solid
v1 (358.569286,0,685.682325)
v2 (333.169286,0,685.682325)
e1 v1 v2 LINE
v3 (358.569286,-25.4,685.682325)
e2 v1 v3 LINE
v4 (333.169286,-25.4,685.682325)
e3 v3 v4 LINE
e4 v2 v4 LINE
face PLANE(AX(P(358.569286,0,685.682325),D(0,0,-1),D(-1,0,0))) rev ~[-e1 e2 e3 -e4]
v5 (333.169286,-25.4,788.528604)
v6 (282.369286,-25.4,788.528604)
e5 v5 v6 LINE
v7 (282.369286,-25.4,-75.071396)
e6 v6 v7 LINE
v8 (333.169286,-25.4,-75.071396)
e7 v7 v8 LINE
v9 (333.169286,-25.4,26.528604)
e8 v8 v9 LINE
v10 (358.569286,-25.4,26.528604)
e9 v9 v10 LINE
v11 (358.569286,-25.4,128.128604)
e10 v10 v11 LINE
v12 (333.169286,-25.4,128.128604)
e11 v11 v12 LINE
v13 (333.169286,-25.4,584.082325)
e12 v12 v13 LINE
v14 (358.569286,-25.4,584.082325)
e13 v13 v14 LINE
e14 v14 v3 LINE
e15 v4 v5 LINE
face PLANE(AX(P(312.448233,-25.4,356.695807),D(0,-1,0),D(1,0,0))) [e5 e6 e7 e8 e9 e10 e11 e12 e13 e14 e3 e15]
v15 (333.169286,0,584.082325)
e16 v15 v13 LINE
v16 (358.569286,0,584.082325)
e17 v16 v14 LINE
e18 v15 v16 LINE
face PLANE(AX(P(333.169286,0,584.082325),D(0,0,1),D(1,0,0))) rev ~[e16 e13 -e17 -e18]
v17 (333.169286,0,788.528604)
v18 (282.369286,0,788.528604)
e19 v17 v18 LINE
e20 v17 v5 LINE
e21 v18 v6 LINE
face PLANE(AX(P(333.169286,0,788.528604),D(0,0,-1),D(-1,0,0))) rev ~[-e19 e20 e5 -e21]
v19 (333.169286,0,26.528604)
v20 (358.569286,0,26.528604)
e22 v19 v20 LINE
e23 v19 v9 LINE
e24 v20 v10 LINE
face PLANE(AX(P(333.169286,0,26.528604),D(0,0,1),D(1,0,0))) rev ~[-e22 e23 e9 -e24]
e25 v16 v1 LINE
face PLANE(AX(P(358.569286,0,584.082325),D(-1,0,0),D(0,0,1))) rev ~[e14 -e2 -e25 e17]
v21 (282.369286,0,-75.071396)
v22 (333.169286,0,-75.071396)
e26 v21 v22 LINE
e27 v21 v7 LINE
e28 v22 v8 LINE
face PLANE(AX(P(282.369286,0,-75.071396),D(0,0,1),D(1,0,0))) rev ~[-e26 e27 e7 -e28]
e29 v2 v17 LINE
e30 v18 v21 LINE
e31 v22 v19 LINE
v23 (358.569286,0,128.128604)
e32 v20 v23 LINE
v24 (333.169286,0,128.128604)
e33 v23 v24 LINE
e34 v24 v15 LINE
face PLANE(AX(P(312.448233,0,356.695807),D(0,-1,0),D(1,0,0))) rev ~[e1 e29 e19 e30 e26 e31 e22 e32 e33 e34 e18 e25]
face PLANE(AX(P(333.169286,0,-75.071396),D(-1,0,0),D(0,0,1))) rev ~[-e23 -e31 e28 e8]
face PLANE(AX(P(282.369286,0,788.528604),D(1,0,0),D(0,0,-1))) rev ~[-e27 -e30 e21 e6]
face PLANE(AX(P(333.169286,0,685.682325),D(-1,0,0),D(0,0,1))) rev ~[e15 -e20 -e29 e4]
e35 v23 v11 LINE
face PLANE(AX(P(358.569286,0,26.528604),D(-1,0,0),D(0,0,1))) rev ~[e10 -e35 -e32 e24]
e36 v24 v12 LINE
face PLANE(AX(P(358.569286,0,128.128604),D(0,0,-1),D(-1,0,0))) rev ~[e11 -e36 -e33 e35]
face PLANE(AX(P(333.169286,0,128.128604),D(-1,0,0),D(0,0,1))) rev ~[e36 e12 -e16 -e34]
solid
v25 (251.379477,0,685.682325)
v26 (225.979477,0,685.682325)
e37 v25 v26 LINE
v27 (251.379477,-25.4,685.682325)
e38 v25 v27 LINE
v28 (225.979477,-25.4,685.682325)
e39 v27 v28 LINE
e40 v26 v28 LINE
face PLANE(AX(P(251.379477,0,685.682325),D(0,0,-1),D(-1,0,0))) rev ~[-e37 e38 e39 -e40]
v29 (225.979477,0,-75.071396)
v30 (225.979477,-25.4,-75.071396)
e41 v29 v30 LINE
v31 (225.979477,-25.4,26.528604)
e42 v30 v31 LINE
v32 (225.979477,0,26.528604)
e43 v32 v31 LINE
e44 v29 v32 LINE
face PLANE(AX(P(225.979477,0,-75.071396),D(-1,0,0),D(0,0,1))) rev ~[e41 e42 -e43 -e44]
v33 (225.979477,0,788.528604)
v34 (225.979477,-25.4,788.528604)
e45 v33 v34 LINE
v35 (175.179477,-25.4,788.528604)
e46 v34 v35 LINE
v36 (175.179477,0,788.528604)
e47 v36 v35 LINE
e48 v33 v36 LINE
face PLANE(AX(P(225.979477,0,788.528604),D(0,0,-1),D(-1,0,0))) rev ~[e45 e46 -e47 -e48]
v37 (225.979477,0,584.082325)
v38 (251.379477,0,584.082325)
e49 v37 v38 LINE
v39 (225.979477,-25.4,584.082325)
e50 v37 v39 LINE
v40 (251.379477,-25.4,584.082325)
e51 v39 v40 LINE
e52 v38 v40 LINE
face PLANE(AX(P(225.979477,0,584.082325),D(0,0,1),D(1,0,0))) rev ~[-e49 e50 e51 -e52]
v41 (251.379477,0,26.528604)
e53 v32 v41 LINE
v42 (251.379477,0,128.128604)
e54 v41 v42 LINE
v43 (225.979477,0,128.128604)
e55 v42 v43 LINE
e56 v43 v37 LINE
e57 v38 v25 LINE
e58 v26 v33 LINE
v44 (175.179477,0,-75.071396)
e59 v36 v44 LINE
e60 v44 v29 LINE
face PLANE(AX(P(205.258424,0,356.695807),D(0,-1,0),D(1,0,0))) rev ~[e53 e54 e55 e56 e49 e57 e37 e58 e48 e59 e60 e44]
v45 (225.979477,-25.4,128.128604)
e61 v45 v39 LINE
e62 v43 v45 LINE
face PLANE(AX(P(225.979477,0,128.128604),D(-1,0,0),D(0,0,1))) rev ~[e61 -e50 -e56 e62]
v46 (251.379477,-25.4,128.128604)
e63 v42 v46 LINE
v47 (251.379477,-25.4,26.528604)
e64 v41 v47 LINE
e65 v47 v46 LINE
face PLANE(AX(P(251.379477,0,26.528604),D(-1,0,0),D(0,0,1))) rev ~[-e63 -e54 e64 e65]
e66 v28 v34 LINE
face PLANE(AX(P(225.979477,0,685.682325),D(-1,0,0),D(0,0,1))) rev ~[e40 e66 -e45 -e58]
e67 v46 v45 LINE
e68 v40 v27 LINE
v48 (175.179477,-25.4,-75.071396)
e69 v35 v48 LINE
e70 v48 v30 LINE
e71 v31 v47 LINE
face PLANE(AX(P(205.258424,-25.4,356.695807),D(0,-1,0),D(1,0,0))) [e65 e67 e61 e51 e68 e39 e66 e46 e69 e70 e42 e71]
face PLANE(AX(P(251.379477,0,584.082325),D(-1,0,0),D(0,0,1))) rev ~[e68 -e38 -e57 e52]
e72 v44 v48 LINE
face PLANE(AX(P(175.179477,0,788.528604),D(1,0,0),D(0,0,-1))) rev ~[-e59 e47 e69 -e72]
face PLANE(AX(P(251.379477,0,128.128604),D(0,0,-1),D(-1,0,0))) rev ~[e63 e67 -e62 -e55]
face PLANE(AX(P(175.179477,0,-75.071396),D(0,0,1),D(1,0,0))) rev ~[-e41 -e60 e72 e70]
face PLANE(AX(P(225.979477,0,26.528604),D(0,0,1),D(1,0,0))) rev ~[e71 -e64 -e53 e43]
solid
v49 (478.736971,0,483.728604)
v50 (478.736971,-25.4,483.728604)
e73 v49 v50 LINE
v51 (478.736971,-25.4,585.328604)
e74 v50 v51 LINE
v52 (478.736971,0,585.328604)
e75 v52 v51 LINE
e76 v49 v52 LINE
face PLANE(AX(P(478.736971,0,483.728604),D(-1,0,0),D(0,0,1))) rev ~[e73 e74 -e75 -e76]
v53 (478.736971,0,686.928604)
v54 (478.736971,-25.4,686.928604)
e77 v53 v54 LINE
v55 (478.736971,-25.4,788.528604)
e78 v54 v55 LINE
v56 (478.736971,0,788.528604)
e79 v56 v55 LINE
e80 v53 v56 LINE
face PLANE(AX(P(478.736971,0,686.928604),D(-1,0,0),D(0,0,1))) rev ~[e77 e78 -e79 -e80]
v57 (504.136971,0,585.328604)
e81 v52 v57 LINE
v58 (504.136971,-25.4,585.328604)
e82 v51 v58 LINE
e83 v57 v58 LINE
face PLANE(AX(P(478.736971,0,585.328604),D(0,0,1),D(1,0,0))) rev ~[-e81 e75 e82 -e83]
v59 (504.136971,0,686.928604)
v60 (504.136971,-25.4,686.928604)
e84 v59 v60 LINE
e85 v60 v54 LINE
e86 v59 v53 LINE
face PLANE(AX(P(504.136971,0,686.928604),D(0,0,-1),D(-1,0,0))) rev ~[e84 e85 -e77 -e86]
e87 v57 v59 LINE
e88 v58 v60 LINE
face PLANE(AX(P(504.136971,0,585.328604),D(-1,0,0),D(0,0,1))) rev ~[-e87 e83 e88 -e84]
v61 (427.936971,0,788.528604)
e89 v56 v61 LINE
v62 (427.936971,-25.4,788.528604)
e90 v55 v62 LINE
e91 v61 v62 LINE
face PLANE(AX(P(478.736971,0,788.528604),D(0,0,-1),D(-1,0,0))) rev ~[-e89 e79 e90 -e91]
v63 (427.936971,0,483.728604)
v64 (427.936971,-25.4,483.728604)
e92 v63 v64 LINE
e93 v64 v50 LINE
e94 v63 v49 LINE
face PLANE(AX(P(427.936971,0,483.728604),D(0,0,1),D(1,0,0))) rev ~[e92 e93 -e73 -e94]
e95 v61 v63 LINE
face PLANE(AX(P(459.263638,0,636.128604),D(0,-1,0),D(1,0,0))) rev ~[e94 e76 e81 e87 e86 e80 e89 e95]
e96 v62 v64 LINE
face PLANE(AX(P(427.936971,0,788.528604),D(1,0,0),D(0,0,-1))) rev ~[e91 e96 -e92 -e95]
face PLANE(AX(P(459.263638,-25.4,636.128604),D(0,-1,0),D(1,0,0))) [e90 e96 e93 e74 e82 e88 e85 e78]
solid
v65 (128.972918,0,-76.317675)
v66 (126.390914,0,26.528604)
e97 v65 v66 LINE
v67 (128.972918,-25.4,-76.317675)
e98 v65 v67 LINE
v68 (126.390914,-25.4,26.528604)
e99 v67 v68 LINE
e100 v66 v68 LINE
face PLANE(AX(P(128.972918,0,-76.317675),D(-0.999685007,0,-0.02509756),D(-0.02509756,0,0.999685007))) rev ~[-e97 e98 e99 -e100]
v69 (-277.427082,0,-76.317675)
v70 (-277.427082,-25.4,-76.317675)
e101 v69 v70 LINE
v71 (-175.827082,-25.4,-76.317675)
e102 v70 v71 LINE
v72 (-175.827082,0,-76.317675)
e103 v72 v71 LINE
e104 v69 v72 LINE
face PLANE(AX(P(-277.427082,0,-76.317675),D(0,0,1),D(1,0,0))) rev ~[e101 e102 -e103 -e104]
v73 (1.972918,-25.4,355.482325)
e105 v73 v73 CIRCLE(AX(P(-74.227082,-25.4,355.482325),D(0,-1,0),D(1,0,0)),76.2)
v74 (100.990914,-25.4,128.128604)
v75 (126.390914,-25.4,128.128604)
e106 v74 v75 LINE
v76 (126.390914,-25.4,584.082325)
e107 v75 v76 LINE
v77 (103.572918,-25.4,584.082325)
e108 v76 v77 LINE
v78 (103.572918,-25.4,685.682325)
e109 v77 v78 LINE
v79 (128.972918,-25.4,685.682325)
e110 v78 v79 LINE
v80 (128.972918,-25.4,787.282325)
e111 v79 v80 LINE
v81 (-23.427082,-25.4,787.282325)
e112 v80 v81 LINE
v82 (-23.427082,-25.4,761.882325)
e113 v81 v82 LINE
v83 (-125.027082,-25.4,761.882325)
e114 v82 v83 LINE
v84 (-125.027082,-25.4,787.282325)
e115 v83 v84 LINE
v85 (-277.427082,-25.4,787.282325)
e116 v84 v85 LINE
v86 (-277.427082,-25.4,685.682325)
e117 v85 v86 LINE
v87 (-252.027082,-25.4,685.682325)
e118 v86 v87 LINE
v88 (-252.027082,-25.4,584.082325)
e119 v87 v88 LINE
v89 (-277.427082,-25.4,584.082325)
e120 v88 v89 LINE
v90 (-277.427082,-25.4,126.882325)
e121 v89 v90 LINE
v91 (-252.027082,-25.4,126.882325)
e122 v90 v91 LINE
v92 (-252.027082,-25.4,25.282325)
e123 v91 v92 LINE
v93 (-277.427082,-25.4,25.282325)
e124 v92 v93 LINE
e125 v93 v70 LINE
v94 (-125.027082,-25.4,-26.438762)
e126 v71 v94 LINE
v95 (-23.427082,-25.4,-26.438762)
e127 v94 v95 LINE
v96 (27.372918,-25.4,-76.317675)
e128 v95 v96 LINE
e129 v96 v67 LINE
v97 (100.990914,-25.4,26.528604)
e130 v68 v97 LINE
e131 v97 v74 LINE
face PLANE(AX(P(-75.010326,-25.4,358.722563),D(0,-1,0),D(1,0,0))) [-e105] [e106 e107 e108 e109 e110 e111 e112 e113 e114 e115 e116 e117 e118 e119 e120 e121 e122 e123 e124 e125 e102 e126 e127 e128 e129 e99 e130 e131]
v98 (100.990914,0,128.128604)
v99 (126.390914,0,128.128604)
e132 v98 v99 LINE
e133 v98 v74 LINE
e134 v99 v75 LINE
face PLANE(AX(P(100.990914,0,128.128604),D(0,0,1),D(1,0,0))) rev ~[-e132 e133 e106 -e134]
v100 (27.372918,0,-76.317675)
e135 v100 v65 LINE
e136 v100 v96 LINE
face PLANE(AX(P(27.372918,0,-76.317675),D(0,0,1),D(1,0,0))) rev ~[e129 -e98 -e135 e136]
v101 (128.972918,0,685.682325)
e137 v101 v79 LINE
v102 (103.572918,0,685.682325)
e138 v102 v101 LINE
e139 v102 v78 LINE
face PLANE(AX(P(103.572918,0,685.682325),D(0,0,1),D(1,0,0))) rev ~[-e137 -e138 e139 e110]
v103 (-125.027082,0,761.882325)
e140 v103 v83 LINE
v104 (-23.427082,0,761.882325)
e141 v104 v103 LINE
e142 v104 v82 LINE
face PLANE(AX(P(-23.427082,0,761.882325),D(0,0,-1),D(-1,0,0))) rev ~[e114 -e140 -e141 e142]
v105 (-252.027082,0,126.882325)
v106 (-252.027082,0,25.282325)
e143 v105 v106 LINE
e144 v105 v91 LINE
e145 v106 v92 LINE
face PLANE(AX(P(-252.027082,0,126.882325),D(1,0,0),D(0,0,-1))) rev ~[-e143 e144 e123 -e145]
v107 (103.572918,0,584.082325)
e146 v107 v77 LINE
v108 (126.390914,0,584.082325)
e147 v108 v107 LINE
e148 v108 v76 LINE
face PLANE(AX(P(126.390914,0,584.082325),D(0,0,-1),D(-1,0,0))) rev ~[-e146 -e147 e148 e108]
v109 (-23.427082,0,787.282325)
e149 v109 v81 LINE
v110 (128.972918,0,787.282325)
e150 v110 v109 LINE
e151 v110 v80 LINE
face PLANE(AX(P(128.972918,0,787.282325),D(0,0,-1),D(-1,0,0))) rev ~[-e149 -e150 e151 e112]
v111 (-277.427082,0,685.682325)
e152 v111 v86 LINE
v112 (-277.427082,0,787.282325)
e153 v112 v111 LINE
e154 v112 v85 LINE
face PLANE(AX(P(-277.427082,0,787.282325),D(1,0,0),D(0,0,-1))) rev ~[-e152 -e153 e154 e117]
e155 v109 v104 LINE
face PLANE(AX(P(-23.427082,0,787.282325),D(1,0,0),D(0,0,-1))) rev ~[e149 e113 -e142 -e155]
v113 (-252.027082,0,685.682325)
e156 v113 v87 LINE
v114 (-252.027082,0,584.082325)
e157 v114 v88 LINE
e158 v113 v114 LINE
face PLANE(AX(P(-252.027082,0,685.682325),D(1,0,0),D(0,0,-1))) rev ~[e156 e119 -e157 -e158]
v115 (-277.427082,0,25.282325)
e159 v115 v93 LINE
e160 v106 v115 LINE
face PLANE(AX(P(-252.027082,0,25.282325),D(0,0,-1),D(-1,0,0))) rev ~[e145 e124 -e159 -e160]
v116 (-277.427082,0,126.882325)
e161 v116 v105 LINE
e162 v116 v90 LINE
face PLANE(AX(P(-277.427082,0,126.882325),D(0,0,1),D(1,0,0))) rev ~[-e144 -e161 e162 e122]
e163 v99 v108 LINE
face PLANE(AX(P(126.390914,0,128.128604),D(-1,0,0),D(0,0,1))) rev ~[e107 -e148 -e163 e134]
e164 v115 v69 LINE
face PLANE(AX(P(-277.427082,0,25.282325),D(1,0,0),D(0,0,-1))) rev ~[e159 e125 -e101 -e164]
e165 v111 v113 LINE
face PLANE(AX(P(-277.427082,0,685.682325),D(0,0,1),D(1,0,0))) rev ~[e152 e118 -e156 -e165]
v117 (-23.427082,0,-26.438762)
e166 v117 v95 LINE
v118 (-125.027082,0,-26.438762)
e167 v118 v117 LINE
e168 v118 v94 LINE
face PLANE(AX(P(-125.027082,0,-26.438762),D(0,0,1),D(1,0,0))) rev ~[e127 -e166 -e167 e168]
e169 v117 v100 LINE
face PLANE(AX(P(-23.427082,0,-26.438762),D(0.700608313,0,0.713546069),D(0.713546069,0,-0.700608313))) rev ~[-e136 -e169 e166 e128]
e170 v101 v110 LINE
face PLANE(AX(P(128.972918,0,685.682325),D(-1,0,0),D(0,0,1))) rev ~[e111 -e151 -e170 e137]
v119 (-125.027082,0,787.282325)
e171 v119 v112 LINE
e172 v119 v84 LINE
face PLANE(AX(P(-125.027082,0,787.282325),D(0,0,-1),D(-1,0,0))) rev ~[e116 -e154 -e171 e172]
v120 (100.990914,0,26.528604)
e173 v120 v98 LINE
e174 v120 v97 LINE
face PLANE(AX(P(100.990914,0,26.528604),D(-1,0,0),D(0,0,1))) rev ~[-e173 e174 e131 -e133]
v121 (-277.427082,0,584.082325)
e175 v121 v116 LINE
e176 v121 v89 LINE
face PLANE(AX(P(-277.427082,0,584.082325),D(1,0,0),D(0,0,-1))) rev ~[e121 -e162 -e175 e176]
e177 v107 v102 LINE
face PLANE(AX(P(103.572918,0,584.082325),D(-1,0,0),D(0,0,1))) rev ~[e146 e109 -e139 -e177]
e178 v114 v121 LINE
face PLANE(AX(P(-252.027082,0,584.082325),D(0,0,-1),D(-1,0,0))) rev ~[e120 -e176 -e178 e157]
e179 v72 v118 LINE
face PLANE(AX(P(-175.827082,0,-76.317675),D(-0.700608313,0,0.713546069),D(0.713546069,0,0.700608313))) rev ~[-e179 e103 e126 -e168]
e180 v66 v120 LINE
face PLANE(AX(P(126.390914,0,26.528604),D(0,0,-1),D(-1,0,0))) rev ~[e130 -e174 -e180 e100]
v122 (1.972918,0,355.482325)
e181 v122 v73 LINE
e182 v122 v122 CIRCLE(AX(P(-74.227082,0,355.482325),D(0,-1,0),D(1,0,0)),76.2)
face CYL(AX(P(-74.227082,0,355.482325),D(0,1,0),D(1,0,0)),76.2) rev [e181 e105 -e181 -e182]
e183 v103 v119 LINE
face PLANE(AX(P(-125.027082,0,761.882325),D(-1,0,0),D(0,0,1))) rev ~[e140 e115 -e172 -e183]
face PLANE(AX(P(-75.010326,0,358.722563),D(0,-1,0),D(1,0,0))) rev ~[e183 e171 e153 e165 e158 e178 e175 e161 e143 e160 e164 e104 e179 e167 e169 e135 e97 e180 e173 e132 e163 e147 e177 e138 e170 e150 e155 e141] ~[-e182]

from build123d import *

# Parameters (mm, degrees)
F0_R     = 76.2
F1_DEPTH = 25.4


with BuildPart() as f1:
    # F0 (on Front) → F1 (new body)
    with BuildSketch(Plane.XZ):
        Polygon((-277.427082, 25.282325), (-277.427082, -76.317675), (-175.827082, -76.317675), (-125.027082, -26.438762), (-23.427082, -26.438762), (27.372918, -76.317675), (128.972918, -76.317675), (126.390914, 26.528604), (100.990914, 26.528604), (100.990914, 128.128604), (126.390914, 128.128604), (126.390914, 584.082325), (103.572918, 584.082325), (103.572918, 685.682325), (128.972918, 685.682325), (128.972918, 787.282325), (-23.427082, 787.282325), (-23.427082, 761.882325), (-125.027082, 761.882325), (-125.027082, 787.282325), (-277.427082, 787.282325), (-277.427082, 685.682325), (-252.027082, 685.682325), (-252.027082, 584.082325), (-277.427082, 584.082325), (-277.427082, 126.882325), (-252.027082, 126.882325), (-252.027082, 25.282325), align=None)
        with Locations((-74.227082, 355.482325)):
            Circle(F0_R, mode=Mode.SUBTRACT)
        Polygon((225.979477, 788.528604), (175.179477, 788.528604), (175.179477, -75.071396), (225.979477, -75.071396), (225.979477, 26.528604), (251.379477, 26.528604), (251.379477, 128.128604), (225.979477, 128.128604), (225.979477, 584.082325), (251.379477, 584.082325), (251.379477, 685.682325), (225.979477, 685.682325), align=None)
        Polygon((333.169286, 788.528604), (282.369286, 788.528604), (282.369286, -75.071396), (333.169286, -75.071396), (333.169286, 26.528604), (358.569286, 26.528604), (358.569286, 128.128604), (333.169286, 128.128604), (333.169286, 584.082325), (358.569286, 584.082325), (358.569286, 685.682325), (333.169286, 685.682325), align=None)
        Polygon((478.736971, 788.528604), (427.936971, 788.528604), (427.936971, 483.728604), (478.736971, 483.728604), (478.736971, 585.328604), (504.136971, 585.328604), (504.136971, 686.928604), (478.736971, 686.928604), align=None)
    extrude(amount=F1_DEPTH)


solid = f1.part
